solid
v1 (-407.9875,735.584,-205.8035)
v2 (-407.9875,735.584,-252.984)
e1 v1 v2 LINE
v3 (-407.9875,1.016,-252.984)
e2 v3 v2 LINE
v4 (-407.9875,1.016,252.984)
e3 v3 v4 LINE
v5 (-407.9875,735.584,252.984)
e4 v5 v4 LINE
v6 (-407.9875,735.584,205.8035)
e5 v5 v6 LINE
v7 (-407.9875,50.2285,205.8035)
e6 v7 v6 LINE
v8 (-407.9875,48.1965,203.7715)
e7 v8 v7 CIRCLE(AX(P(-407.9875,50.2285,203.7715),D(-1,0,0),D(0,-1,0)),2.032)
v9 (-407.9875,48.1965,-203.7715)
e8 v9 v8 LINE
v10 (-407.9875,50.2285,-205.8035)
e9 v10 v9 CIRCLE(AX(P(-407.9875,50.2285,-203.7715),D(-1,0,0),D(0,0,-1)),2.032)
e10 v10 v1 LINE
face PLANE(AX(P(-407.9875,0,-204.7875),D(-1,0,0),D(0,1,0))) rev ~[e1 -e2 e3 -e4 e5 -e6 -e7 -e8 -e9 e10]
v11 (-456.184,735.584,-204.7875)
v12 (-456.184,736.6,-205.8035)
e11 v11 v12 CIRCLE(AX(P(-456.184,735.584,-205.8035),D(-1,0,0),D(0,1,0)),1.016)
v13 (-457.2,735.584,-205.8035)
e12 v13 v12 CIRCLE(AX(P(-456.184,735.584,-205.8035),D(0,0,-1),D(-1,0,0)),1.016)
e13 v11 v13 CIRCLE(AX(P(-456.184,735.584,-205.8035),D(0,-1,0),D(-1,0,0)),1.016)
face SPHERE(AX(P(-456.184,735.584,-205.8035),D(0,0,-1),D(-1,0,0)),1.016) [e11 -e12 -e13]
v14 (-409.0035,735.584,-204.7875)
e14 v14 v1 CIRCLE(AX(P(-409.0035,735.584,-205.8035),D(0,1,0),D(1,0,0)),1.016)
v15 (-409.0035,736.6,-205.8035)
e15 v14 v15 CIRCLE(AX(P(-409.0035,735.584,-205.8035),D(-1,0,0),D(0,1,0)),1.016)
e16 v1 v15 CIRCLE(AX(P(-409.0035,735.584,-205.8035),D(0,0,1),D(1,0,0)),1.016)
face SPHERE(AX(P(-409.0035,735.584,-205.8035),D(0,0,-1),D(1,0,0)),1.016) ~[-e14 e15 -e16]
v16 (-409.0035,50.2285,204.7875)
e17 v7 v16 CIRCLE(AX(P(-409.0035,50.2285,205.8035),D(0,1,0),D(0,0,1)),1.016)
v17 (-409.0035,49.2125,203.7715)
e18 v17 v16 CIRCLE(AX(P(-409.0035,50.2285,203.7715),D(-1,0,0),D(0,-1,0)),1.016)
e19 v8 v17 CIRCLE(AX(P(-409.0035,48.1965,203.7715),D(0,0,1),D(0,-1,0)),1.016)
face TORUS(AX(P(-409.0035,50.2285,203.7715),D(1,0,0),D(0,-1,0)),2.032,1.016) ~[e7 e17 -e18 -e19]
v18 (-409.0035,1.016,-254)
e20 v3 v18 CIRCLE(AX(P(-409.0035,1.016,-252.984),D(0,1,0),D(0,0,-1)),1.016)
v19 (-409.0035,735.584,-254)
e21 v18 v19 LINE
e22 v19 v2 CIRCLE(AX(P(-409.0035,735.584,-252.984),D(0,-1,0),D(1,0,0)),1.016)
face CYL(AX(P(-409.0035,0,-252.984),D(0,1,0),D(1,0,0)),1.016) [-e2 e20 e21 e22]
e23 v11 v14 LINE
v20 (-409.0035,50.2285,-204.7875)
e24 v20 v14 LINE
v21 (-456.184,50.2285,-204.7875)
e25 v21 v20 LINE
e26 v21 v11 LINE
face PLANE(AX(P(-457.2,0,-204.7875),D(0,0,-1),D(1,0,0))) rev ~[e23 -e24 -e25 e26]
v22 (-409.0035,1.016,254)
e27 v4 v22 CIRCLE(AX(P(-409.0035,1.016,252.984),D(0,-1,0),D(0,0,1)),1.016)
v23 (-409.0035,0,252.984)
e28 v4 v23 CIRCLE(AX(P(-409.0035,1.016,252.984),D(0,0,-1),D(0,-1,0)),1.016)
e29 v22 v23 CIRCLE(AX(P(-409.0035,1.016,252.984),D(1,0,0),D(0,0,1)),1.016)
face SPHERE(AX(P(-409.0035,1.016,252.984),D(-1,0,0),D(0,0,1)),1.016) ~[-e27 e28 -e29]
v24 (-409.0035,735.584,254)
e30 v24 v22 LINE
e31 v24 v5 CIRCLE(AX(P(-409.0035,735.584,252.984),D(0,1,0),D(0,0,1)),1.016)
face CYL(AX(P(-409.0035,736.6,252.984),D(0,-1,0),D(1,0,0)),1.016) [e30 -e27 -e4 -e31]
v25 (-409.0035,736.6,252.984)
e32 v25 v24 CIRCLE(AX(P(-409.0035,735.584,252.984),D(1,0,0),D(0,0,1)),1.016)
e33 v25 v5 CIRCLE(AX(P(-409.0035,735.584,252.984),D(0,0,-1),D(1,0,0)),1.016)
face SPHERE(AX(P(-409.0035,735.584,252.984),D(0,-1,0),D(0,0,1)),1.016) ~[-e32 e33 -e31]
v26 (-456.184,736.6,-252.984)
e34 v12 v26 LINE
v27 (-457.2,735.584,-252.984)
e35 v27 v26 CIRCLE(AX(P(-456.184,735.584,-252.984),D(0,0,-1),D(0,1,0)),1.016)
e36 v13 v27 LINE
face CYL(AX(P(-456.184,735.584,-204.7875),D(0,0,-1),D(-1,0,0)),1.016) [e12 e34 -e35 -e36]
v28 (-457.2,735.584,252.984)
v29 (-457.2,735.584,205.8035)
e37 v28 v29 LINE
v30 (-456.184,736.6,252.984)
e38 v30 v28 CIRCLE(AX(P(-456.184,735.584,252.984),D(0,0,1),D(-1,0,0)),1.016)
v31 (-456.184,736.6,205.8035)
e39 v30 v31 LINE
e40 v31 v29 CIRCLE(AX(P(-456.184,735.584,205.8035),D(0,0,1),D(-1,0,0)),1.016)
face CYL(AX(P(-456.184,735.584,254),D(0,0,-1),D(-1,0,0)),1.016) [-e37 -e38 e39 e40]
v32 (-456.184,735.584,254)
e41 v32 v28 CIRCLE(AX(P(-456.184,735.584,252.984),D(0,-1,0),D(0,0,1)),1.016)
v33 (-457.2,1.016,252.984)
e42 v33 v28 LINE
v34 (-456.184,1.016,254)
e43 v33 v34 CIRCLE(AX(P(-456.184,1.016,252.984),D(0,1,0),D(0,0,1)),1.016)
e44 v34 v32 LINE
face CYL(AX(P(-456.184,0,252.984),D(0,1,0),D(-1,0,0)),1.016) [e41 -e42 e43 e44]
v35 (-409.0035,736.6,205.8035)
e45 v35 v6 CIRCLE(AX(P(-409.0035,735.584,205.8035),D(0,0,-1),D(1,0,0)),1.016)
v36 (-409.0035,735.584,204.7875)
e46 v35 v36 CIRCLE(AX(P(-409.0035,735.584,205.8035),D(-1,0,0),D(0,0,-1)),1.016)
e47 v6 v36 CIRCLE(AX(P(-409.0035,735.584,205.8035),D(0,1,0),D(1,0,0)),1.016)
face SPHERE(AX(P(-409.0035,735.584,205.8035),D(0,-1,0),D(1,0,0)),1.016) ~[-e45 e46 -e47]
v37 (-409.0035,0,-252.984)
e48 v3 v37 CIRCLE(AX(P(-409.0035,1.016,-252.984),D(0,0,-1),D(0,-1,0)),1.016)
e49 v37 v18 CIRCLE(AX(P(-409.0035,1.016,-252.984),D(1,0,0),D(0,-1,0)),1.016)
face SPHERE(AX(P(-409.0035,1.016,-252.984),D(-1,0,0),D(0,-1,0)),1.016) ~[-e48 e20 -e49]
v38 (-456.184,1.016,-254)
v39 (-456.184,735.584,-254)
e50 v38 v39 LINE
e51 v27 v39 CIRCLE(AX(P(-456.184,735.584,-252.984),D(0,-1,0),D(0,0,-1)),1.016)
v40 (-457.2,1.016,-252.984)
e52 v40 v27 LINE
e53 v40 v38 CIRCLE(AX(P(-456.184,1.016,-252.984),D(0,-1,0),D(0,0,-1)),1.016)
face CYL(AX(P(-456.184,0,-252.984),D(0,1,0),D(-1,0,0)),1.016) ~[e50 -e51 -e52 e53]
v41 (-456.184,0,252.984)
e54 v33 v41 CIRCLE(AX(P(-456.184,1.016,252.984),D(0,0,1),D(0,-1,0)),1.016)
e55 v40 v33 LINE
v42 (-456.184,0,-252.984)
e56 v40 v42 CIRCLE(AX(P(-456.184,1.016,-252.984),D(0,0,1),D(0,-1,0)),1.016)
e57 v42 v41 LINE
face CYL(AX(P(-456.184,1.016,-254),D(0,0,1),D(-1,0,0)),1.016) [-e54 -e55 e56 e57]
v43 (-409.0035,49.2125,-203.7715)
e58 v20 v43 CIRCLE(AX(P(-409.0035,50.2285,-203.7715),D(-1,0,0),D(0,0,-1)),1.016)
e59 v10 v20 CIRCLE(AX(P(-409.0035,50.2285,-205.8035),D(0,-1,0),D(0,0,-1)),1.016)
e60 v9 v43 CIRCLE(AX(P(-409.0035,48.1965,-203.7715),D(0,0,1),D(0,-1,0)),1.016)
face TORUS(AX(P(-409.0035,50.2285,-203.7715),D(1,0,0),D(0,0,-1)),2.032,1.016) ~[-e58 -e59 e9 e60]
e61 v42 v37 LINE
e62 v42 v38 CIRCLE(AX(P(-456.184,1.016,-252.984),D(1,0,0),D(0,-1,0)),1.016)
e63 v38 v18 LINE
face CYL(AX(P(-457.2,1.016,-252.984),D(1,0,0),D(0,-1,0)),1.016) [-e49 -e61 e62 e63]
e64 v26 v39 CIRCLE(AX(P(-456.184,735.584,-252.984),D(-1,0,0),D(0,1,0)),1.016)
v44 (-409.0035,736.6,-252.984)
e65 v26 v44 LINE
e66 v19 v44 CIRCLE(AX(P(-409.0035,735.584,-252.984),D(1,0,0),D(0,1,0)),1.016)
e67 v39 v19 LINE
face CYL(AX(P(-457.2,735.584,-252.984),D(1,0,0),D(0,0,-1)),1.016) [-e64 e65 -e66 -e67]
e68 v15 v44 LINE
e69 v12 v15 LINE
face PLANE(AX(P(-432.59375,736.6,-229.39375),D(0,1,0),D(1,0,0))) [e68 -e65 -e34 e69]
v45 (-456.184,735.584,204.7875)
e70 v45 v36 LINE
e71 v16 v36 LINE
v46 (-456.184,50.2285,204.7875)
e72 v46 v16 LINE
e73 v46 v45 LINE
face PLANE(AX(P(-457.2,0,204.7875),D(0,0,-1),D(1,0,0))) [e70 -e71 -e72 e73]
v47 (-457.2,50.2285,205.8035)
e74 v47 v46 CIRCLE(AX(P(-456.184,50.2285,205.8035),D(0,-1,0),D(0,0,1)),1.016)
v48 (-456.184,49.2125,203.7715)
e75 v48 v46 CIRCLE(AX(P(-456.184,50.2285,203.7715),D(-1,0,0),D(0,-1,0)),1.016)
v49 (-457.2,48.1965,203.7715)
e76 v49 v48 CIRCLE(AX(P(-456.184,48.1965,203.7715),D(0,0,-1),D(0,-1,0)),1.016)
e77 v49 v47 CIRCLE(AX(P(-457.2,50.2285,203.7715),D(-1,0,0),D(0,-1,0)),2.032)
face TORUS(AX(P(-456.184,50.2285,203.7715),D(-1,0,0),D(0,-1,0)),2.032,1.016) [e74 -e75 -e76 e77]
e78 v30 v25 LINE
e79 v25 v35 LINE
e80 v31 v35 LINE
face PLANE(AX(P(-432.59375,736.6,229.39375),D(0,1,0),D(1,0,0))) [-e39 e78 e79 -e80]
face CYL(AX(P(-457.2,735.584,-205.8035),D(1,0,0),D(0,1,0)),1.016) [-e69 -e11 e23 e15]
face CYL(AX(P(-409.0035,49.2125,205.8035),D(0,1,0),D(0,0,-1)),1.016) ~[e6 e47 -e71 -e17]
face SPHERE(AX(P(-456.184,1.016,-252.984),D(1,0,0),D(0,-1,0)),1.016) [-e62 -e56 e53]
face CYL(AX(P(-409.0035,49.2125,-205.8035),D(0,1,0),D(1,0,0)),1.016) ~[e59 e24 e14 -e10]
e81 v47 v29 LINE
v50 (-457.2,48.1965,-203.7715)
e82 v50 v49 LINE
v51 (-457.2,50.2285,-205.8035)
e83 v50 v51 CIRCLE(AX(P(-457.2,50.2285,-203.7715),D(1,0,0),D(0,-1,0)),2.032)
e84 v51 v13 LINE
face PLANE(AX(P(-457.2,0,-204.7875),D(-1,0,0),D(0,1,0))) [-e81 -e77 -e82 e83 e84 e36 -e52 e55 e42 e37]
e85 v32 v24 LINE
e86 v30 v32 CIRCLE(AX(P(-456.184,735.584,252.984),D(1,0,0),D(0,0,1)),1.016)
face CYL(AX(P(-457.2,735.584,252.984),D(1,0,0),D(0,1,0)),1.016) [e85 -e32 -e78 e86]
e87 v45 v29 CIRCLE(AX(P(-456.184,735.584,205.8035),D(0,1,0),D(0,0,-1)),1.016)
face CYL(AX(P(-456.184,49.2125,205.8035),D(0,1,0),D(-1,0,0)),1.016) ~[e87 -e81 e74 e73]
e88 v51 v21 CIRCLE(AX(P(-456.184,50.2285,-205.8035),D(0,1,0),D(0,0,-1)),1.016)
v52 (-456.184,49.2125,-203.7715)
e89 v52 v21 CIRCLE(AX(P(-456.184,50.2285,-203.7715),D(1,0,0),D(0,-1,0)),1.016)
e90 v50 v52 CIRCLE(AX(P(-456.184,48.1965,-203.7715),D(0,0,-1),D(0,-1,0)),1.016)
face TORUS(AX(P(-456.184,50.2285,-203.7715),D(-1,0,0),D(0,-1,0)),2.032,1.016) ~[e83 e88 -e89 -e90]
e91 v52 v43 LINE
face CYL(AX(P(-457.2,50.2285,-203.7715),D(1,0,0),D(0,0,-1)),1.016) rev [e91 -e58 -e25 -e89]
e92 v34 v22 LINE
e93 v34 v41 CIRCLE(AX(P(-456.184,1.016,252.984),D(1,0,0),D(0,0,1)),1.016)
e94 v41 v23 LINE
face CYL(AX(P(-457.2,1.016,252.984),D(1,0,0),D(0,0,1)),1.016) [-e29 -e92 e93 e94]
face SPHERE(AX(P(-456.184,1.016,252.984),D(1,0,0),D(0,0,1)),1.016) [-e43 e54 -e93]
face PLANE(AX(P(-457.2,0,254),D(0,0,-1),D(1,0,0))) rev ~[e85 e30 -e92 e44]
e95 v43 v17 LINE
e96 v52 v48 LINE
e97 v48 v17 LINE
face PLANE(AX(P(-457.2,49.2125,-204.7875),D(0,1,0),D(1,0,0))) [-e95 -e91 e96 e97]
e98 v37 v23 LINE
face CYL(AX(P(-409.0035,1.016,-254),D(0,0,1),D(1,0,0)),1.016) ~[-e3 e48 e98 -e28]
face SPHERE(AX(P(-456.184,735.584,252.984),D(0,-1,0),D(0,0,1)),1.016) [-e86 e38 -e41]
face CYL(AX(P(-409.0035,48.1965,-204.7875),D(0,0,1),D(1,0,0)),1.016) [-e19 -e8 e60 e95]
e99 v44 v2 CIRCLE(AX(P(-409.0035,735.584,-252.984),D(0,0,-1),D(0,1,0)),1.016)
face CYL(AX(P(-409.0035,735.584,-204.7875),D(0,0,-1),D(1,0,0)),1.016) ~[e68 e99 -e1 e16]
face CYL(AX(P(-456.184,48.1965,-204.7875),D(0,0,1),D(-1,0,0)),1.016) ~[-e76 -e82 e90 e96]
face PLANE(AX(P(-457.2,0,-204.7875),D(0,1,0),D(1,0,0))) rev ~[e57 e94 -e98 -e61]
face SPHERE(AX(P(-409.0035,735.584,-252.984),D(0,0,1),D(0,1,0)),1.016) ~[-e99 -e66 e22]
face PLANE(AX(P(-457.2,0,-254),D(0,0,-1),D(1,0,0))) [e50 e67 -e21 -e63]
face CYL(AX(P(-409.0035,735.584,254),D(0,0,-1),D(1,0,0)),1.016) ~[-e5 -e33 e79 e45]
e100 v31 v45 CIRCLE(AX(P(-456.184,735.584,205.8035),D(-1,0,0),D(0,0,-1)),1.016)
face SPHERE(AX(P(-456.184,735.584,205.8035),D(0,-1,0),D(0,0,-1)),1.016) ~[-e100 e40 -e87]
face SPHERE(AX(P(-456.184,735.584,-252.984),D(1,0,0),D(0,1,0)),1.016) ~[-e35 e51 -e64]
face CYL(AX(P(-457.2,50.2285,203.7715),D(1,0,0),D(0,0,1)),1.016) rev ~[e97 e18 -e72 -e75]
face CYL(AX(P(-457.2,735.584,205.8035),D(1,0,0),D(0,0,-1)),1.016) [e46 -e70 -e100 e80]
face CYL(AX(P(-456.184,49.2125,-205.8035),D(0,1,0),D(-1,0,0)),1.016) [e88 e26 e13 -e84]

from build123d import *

# Parameters (mm, degrees)
SKETCH1_W             = 49.2125
SKETCH1_H             = 49.2125
BOSS_EXTRUDE1_DEPTH   = 736.6
BOSS_EXTRUDE1_2_DEPTH = 736.6
SKETCH2_W             = 49.2125
SKETCH2_H             = 49.2125
BOSS_EXTRUDE2_DEPTH   = 458.7875
FILLET1_R             = 1.016


with BuildPart() as part:
    # Sketch1 → Boss-Extrude1 (new body)
    with BuildSketch(Plane(origin=(0, 0, 0), x_dir=(1, 0, 0), z_dir=(0, 1, 0))):
        with Locations((-432.59375, 229.39375)):
            Rectangle(SKETCH1_W, SKETCH1_H)
    extrude(amount=BOSS_EXTRUDE1_DEPTH)



with BuildPart() as body_2:
    # Sketch1 → Boss-Extrude1 2 (new body)
    with BuildSketch(Plane(origin=(0, 0, 0), x_dir=(1, 0, 0), z_dir=(0, 1, 0))):
        with Locations((-432.59375, -229.39375)):
            Rectangle(SKETCH1_W, SKETCH1_H)
    extrude(amount=BOSS_EXTRUDE1_2_DEPTH)


with BuildPart() as part_1:
    add(part.part)

    add(body_2.part)  # Boss-Extrude2 merges body 2
    # Sketch2 → Boss-Extrude2 (add)
    with BuildSketch(Plane.XY.offset(-204.7875)):
        with Locations((-432.59375, 24.60625)):
            Rectangle(SKETCH2_W, SKETCH2_H)
    extrude(amount=BOSS_EXTRUDE2_DEPTH)

    # Fillet1
    fillet1_edges = [part_1.edges().sort_by_distance(p)[0] for p in [
        (-407.9875, 736.6, -229.39375),
        (-432.59375, 49.2125, 204.7875),
        (-407.9875, 49.2125, 0),
        (-432.59375, 49.2125, -204.7875),
        (-457.2, 49.2125, 0),
        (-432.59375, 736.6, -254),
        (-407.9875, 392.90625, 204.7875),
        (-432.59375, 0, 254),
        (-457.2, 368.3, 254),
        (-407.9875, 368.3, 254),
        (-457.2, 392.90625, 204.7875),
        (-432.59375, 736.6, 254),
        (-407.9875, 736.6, 229.39375),
        (-432.59375, 736.6, 204.7875),
        (-457.2, 736.6, 229.39375),
        (-457.2, 736.6, -229.39375),
        (-432.59375, 0, -254),
        (-407.9875, 0, 0),
        (-457.2, 0, 0),
        (-457.2, 368.3, -254),
        (-407.9875, 368.3, -254),
        (-407.9875, 392.90625, -204.7875),
        (-457.2, 392.90625, -204.7875),
        (-432.59375, 736.6, -204.7875),
    ]]
    fillet(fillet1_edges, radius=FILLET1_R)


solid = part_1.part
